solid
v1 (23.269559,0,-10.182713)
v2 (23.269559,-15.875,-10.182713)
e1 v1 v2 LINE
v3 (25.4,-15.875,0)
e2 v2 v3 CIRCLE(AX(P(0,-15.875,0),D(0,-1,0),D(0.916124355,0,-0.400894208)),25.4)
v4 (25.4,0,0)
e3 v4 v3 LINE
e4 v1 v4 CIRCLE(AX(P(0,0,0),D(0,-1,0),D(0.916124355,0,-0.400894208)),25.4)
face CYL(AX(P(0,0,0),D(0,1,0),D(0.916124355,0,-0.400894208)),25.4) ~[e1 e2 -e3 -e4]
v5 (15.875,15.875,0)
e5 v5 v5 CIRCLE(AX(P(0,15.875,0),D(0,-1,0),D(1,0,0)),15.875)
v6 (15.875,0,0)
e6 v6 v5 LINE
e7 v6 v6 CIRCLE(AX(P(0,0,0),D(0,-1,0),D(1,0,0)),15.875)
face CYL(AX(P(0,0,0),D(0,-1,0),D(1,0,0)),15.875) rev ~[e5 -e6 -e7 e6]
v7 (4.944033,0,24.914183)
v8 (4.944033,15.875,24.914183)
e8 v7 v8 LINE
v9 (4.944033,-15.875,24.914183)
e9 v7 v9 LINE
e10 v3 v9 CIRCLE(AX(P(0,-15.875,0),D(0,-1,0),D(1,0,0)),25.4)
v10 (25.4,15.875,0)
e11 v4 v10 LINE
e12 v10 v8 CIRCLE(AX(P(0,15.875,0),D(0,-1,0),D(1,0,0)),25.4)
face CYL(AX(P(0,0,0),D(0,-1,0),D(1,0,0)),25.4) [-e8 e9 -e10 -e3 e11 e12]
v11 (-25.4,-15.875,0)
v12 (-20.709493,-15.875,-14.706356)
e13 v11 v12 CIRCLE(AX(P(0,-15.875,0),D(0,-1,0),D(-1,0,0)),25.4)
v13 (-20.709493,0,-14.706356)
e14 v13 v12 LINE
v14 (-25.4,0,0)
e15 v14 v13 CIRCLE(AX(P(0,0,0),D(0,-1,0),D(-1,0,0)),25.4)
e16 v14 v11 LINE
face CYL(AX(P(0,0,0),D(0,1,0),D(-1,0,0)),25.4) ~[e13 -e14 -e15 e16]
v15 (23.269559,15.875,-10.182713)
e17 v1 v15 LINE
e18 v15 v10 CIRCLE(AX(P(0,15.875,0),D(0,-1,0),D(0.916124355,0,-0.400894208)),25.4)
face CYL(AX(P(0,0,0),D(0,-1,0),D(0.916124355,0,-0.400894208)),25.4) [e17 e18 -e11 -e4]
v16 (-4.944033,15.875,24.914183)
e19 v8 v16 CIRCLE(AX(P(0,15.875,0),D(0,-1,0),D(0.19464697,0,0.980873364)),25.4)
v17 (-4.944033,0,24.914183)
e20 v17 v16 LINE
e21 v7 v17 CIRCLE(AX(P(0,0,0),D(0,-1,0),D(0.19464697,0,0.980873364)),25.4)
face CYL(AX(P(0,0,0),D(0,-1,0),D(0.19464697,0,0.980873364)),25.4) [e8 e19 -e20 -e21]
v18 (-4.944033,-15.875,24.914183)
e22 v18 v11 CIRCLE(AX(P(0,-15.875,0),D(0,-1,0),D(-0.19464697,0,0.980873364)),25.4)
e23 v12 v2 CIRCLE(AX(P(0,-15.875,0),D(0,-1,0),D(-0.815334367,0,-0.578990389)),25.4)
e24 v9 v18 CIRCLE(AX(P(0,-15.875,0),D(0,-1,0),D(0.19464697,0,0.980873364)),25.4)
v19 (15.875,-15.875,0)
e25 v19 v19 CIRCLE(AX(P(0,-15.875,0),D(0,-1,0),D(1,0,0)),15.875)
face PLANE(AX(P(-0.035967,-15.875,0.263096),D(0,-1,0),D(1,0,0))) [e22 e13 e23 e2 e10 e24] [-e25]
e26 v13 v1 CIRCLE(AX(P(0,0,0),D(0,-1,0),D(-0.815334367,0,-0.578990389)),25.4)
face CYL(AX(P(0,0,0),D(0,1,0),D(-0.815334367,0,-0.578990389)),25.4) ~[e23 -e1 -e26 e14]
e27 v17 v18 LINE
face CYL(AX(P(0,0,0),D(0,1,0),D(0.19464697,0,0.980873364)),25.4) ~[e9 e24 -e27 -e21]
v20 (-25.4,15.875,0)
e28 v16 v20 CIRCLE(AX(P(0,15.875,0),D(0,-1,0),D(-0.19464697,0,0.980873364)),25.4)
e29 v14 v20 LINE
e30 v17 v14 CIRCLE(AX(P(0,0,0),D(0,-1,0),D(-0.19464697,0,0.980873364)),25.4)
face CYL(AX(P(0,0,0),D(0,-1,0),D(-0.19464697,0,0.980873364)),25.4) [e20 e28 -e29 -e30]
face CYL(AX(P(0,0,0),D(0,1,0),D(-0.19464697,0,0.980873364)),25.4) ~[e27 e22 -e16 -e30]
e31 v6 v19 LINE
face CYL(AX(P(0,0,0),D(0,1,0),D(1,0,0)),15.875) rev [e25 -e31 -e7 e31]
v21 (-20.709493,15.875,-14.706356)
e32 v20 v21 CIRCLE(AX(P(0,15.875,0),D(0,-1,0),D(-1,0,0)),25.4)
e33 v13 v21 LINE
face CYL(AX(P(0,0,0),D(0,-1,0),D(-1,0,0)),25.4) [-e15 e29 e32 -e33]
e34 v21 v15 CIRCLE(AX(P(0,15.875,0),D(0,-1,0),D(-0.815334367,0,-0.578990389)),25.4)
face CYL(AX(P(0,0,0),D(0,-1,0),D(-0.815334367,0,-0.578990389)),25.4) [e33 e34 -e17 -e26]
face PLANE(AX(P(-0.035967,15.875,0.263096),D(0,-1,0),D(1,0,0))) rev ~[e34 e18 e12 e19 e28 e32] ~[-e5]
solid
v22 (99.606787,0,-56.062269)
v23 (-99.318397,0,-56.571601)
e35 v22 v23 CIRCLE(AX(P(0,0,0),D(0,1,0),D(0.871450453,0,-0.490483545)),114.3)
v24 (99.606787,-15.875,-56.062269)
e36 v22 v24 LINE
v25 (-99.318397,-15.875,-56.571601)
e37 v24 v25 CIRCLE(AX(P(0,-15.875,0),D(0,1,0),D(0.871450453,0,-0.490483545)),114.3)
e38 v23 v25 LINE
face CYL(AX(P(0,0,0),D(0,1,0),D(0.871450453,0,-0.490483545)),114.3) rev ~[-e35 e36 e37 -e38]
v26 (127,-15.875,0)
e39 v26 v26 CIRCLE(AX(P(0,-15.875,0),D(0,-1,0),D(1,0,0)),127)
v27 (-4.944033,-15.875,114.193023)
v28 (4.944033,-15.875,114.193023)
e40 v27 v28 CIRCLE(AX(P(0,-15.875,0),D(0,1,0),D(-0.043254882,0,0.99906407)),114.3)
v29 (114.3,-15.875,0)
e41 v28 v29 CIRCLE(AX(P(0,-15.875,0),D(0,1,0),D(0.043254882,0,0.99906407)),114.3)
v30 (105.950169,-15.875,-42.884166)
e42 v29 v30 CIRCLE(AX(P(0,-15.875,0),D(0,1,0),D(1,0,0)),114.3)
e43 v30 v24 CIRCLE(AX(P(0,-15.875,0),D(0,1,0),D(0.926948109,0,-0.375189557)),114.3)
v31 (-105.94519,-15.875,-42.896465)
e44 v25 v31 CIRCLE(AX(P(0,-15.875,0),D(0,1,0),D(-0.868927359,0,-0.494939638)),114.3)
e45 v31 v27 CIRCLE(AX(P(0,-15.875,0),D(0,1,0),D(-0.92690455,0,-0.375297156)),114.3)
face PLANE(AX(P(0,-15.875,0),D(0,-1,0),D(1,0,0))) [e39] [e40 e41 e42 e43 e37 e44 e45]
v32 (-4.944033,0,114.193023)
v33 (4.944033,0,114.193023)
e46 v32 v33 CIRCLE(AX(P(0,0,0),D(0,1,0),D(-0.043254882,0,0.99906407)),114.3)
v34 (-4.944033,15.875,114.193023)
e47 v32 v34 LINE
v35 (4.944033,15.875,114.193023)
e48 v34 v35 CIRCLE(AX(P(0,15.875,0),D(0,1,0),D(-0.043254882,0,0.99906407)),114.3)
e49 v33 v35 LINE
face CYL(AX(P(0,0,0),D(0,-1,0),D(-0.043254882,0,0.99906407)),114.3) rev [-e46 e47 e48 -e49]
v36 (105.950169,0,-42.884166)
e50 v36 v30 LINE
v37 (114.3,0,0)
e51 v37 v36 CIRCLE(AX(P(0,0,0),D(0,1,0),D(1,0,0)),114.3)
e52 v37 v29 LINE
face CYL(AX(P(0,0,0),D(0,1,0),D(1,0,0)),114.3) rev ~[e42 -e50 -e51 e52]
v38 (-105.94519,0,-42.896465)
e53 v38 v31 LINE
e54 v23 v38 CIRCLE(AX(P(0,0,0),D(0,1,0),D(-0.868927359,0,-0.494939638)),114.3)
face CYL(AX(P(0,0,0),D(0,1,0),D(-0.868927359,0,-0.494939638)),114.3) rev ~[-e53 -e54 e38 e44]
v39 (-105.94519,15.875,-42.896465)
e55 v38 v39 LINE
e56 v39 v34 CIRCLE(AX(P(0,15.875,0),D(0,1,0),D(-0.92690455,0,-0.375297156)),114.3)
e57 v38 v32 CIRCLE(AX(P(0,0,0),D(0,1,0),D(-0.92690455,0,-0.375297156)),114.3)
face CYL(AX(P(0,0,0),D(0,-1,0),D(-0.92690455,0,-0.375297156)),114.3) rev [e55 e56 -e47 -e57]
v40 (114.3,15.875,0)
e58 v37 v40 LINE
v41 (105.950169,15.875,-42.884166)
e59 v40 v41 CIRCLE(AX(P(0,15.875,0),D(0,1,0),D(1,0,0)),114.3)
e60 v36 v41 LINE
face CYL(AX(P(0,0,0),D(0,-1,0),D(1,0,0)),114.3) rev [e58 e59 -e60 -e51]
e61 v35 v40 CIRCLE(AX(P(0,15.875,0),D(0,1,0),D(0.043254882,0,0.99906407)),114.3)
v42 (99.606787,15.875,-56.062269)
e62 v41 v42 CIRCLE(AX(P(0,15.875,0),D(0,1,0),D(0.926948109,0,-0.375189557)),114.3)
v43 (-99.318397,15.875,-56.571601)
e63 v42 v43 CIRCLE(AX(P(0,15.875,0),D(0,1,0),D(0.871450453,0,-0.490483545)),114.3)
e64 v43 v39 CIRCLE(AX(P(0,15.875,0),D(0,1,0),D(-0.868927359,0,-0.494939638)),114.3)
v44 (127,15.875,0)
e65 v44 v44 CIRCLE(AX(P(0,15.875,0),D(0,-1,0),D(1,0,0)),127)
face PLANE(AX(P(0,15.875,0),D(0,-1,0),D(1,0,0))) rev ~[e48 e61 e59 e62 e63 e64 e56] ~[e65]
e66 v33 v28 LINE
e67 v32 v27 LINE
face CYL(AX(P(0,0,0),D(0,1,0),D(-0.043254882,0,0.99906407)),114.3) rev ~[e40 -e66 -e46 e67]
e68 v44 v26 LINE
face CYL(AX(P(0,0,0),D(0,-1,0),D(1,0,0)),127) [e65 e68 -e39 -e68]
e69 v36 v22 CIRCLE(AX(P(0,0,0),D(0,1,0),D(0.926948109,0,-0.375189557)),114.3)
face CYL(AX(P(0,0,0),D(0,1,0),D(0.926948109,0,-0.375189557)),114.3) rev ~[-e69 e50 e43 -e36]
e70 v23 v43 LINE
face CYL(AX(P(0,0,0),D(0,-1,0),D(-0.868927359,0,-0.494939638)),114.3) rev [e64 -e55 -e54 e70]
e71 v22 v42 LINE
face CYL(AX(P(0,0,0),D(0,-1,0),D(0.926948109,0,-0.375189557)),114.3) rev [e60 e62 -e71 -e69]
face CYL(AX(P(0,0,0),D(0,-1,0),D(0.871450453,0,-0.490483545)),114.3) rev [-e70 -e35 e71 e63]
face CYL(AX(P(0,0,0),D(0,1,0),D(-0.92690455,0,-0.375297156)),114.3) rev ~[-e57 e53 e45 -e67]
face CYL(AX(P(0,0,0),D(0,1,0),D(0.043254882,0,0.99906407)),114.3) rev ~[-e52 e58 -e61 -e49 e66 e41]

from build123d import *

# Parameters (mm, degrees)
F0_R     = 127
F1_DEPTH = 15.875
F0_R_2   = 15.875


with BuildPart() as f1:
    # F0 (on Front) → F1 (new body, symmetric)
    with BuildSketch(Plane.XZ):
        Circle(F0_R)
        with BuildLine():
            ThreePointArc((4.9440330351, 114.1930231553), (82.5517806468, 79.0550030804), (114.3, 0))
            ThreePointArc((114.3, 0), (112.1931243388, -21.844744244), (105.9501688349, -42.8841663538))
            ThreePointArc((105.9501688349, -42.8841663538), (102.9894708218, -49.5747808855), (99.6067867923, -56.0622691738))
            ThreePointArc((99.6067867923, -56.0622691738), (0.2926547393, -114.2996253415), (-99.3183970823, -56.571600658))
            ThreePointArc((-99.3183970823, -56.571600658), (-102.859308707, -49.8442836473), (-105.9451900746, -42.89646489))
            ThreePointArc((-105.9451900746, -42.89646489), (-96.1425075815, 61.8151133295), (-4.9440330351, 114.1930231553))
            ThreePointArc((-4.9440330351, 114.1930231553), (0, 114.3), (4.9440330351, 114.1930231553))
        make_face(mode=Mode.SUBTRACT)
    extrude(amount=F1_DEPTH, both=True)


with BuildPart() as f1b:
    # F0 (on Front) → F1, piece 2 (new body, symmetric)
    with BuildSketch(Plane.XZ):
        with BuildLine():
            ThreePointArc((25.4, 0), (19.6308232009, 16.1180265682), (4.9440330351, 24.9141834574))
            ThreePointArc((4.9440330351, 24.9141834574), (0, 25.4), (-4.9440330351, 24.9141834574))
            ThreePointArc((-4.9440330351, 24.9141834574), (-19.6308232009, 16.1180265682), (-25.4, 0))
            ThreePointArc((-25.4, 0), (-24.1989784901, -7.7181241267), (-20.7094929106, -14.706355884))
            ThreePointArc((-20.7094929106, -14.706355884), (2.5989075777, -25.2666911051), (23.2695586177, -10.1827128869))
            ThreePointArc((23.2695586177, -10.1827128869), (24.8616852696, -5.2015964429), (25.4, 0))
        make_face()
        Circle(F0_R_2, mode=Mode.SUBTRACT)
    extrude(amount=F1_DEPTH, both=True)


solid = Compound([f1.part, f1b.part])
